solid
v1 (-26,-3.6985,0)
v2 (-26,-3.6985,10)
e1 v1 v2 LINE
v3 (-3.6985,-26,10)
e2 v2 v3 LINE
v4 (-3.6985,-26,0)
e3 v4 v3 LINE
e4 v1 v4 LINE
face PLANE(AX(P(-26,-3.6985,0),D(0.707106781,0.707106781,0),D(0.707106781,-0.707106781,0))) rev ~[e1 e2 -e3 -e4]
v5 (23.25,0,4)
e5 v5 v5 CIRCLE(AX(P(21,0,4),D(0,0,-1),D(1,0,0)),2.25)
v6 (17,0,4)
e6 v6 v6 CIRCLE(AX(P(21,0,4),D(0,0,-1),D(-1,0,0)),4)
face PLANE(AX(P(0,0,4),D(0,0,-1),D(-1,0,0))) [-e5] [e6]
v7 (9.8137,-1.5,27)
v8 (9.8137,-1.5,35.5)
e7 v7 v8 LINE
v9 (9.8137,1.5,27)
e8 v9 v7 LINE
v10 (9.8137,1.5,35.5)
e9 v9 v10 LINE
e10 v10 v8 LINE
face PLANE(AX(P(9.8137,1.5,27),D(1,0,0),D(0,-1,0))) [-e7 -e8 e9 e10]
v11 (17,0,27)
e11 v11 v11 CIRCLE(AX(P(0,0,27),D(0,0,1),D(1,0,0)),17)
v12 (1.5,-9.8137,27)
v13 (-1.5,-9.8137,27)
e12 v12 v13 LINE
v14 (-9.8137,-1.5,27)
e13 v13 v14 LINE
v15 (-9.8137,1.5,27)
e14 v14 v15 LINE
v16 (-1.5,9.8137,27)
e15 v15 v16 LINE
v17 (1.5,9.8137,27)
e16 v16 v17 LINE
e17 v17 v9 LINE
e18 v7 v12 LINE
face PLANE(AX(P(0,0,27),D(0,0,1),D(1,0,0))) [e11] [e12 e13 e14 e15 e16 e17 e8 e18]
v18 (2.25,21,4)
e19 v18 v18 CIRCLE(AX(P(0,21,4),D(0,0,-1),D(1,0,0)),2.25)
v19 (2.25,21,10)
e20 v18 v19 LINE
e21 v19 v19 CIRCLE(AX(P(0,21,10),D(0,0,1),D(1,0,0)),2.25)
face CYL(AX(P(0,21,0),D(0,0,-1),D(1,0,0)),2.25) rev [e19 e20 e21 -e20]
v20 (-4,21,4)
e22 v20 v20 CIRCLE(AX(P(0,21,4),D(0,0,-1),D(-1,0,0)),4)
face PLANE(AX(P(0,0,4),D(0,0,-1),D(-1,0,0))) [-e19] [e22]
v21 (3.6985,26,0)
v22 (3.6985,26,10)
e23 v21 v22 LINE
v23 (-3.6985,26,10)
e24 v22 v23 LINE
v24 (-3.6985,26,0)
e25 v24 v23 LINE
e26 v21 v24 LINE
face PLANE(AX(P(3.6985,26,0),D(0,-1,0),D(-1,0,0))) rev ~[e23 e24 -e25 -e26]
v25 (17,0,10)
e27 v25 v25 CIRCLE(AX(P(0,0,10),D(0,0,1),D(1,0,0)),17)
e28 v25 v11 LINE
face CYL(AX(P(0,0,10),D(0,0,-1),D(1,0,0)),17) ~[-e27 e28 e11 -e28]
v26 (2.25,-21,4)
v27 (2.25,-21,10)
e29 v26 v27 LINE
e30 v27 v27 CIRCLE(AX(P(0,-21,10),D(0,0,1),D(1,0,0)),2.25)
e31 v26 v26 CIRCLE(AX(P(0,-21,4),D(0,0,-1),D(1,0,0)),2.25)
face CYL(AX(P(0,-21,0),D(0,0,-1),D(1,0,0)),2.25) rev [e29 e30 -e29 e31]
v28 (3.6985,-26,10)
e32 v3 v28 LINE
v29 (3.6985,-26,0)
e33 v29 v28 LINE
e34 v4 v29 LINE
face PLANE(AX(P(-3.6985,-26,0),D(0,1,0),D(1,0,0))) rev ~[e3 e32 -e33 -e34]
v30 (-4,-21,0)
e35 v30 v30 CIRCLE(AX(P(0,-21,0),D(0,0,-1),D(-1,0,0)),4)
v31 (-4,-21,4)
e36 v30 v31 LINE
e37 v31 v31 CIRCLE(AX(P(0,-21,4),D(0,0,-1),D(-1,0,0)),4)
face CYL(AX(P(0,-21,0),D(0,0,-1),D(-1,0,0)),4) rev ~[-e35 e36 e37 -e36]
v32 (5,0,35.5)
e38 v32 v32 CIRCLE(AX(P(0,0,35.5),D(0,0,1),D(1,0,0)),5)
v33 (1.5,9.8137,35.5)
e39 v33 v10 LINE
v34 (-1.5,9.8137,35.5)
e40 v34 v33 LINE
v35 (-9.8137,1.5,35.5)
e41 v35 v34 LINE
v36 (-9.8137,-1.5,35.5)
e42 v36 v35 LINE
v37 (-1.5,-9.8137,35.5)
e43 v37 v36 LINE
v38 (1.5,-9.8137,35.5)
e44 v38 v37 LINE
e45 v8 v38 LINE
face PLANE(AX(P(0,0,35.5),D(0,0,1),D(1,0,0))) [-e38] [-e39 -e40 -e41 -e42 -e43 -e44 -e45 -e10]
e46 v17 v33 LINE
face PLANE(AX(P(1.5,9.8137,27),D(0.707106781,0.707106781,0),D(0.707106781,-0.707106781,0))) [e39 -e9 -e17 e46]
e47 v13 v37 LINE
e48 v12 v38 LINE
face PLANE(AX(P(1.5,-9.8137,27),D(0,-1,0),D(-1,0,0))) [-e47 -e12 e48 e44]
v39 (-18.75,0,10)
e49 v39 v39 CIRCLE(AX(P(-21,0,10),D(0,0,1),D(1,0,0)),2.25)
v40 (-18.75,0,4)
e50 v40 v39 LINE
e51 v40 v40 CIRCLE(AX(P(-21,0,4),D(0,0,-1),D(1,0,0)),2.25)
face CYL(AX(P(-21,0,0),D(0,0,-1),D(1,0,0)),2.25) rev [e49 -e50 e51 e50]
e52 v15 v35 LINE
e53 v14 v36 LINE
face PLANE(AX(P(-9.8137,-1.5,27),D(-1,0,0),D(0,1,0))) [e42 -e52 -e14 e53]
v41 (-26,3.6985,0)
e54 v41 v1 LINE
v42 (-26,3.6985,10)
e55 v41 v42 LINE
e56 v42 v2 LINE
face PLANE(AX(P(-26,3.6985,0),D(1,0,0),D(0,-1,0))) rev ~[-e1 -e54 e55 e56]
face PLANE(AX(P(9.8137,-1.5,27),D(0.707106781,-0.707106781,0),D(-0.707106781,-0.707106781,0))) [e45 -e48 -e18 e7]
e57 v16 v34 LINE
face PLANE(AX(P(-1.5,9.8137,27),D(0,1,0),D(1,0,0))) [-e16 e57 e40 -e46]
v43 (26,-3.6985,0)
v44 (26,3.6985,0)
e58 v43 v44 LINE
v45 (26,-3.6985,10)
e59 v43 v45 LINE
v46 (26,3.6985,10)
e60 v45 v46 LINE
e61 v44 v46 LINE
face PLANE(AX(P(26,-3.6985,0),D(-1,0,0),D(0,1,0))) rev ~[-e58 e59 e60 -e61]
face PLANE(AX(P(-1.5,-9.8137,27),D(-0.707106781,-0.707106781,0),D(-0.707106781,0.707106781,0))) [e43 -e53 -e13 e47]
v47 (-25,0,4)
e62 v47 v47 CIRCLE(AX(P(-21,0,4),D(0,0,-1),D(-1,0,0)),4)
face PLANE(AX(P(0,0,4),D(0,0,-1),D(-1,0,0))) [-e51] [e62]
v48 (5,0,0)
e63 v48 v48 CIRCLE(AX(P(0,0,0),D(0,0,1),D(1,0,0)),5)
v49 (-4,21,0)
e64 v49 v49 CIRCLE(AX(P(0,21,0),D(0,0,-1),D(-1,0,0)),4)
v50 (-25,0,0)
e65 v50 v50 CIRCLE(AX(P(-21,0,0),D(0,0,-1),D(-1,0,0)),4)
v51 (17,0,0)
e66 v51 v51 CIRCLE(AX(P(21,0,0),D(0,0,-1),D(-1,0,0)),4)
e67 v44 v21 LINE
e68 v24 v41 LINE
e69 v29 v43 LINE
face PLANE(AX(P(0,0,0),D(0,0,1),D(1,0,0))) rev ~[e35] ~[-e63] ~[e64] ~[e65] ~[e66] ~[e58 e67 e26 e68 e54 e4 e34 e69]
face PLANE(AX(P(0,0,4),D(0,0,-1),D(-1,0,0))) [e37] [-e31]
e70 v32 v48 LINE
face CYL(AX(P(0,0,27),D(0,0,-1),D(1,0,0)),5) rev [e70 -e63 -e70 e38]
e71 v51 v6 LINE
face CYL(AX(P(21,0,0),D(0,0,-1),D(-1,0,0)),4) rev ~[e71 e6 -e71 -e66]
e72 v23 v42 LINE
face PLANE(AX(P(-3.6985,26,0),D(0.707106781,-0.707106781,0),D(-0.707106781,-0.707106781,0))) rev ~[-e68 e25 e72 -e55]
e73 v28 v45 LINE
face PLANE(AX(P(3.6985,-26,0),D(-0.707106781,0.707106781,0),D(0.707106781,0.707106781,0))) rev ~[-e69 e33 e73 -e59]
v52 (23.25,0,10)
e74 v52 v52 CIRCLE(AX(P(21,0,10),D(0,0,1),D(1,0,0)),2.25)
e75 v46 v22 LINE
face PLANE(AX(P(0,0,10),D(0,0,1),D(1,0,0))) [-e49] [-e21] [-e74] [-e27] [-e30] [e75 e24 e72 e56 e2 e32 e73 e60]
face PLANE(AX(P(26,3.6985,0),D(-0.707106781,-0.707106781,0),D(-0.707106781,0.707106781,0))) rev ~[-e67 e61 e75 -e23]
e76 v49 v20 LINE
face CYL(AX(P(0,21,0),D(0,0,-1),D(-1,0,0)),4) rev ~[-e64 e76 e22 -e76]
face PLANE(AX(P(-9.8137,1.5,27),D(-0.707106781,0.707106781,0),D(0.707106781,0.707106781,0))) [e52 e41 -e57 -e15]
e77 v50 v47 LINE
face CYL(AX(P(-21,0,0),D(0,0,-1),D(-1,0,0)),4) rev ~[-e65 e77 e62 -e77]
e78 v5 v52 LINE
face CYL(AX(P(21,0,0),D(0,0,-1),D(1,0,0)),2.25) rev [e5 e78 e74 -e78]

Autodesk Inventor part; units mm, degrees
ref_plane "YZ Plane" through (0, 0, 0) normal (1, 0, 0) x (0, 1, 0)
ref_plane "XZ Plane" through (0, 0, 0) normal (0, 1, 0) x (-1, 0, 0)
ref_plane "XY Plane" through (0, 0, 0) normal (0, 0, 1) x (1, 0, 0)
sketch "Sketch1" plane through (0, 0, 0) normal (0, 0, 1) x (1, 0, 0)
  line L0 (-26, -3.6985) -> (-3.6985, -26)
  line L1 (-3.6985, -26) -> (3.6985, -26)
  line L2 (3.6985, -26) -> (26, -3.6985)
  line L3 (26, -3.6985) -> (26, 3.6985)
  line L4 (26, 3.6985) -> (3.6985, 26)
  line L5 (3.6985, 26) -> (-3.6985, 26)
  line L6 (-3.6985, 26) -> (-26, 3.6985)
  line L7 (-26, 3.6985) -> (-26, -3.6985)
  circle A0 centre (0, 0) radius 5
  line L8 (-21, 0) -> (0, -21) construction
  line L9 (0, -21) -> (21, 0) construction
  line L10 (21, 0) -> (0, 21) construction
  line L11 (0, 21) -> (-21, 0) construction
  circle A1 centre (0, 21) radius 2.25
  circle A2 centre (-21, 0) radius 2.25
  circle A3 centre (0, -21) radius 2.25
  circle A4 centre (21, 0) radius 2.25
  point P0 (0, 26)
  point P1 (26, 0)
  dimension "d0" = 10
  dimension "d1" = 42
  dimension "d2" = 135
  dimension "d3" = 42
  dimension "d4" = 4.5
  dimension "d5" = 52
extrude "Extrusion1" add sketch "Sketch1" along normal blind 10
sketch "Sketch2" plane through (0, 0, 10) normal (0, 0, 1) x (1, 0, 0)
  circle A0 centre (0, 0) radius 5 projected
  circle A1 centre (0, 0) radius 17
  dimension "d8" = 34
extrude "Extrusion2" add sketch "Sketch2" along normal blind 17
sketch "Sketch3" plane through (0, 0, 0) normal (0, 0, -1) x (-1, 0, 0)
  circle A0 centre (0, 21) radius 4
  circle A1 centre (21, 0) radius 4
  circle A2 centre (0, -21) radius 4
  circle A3 centre (-21, 0) radius 4
  circle A4 centre (0, 21) radius 2.25 projected
  circle A5 centre (-21, 0) radius 2.25 projected
  circle A6 centre (21, 0) radius 2.25 projected
  circle A7 centre (0, -21) radius 2.25 projected
  point P0 (0, 0)
  dimension "d11" = 8
extrude "Extrusion3" cut sketch "Sketch3" against normal blind 4 contours A0 | A1 | A2 | A3 | A4 | A5 | A6 | A7
sketch "Sketch5" plane through (0, 0, 27) normal (0, 0, 1) x (1, 0, 0)
  line L0 (-9.8137, 1.5) -> (-1.5, 9.8137)
  line L1 (-1.5, 9.8137) -> (1.5, 9.8137)
  line L2 (1.5, 9.8137) -> (9.8137, 1.5)
  line L3 (9.8137, 1.5) -> (9.8137, -1.5)
  line L4 (9.8137, -1.5) -> (1.5, -9.8137)
  line L5 (1.5, -9.8137) -> (-1.5, -9.8137)
  line L6 (-1.5, -9.8137) -> (-9.8137, -1.5)
  line L7 (-9.8137, -1.5) -> (-9.8137, 1.5)
  circle A0 centre (0, 0) radius 5
  point P0 (9.8137, 0)
  point P1 (-9.8137, 0)
  point P2 (0, 9.8137)
  point P3 (0, -9.8137)
  dimension "d14" = 16
  dimension "d15" = 3
  dimension "d16" = 10
extrude "Extrusion4" add sketch "Sketch5" along normal blind 8.5
properties part number "FK10"
